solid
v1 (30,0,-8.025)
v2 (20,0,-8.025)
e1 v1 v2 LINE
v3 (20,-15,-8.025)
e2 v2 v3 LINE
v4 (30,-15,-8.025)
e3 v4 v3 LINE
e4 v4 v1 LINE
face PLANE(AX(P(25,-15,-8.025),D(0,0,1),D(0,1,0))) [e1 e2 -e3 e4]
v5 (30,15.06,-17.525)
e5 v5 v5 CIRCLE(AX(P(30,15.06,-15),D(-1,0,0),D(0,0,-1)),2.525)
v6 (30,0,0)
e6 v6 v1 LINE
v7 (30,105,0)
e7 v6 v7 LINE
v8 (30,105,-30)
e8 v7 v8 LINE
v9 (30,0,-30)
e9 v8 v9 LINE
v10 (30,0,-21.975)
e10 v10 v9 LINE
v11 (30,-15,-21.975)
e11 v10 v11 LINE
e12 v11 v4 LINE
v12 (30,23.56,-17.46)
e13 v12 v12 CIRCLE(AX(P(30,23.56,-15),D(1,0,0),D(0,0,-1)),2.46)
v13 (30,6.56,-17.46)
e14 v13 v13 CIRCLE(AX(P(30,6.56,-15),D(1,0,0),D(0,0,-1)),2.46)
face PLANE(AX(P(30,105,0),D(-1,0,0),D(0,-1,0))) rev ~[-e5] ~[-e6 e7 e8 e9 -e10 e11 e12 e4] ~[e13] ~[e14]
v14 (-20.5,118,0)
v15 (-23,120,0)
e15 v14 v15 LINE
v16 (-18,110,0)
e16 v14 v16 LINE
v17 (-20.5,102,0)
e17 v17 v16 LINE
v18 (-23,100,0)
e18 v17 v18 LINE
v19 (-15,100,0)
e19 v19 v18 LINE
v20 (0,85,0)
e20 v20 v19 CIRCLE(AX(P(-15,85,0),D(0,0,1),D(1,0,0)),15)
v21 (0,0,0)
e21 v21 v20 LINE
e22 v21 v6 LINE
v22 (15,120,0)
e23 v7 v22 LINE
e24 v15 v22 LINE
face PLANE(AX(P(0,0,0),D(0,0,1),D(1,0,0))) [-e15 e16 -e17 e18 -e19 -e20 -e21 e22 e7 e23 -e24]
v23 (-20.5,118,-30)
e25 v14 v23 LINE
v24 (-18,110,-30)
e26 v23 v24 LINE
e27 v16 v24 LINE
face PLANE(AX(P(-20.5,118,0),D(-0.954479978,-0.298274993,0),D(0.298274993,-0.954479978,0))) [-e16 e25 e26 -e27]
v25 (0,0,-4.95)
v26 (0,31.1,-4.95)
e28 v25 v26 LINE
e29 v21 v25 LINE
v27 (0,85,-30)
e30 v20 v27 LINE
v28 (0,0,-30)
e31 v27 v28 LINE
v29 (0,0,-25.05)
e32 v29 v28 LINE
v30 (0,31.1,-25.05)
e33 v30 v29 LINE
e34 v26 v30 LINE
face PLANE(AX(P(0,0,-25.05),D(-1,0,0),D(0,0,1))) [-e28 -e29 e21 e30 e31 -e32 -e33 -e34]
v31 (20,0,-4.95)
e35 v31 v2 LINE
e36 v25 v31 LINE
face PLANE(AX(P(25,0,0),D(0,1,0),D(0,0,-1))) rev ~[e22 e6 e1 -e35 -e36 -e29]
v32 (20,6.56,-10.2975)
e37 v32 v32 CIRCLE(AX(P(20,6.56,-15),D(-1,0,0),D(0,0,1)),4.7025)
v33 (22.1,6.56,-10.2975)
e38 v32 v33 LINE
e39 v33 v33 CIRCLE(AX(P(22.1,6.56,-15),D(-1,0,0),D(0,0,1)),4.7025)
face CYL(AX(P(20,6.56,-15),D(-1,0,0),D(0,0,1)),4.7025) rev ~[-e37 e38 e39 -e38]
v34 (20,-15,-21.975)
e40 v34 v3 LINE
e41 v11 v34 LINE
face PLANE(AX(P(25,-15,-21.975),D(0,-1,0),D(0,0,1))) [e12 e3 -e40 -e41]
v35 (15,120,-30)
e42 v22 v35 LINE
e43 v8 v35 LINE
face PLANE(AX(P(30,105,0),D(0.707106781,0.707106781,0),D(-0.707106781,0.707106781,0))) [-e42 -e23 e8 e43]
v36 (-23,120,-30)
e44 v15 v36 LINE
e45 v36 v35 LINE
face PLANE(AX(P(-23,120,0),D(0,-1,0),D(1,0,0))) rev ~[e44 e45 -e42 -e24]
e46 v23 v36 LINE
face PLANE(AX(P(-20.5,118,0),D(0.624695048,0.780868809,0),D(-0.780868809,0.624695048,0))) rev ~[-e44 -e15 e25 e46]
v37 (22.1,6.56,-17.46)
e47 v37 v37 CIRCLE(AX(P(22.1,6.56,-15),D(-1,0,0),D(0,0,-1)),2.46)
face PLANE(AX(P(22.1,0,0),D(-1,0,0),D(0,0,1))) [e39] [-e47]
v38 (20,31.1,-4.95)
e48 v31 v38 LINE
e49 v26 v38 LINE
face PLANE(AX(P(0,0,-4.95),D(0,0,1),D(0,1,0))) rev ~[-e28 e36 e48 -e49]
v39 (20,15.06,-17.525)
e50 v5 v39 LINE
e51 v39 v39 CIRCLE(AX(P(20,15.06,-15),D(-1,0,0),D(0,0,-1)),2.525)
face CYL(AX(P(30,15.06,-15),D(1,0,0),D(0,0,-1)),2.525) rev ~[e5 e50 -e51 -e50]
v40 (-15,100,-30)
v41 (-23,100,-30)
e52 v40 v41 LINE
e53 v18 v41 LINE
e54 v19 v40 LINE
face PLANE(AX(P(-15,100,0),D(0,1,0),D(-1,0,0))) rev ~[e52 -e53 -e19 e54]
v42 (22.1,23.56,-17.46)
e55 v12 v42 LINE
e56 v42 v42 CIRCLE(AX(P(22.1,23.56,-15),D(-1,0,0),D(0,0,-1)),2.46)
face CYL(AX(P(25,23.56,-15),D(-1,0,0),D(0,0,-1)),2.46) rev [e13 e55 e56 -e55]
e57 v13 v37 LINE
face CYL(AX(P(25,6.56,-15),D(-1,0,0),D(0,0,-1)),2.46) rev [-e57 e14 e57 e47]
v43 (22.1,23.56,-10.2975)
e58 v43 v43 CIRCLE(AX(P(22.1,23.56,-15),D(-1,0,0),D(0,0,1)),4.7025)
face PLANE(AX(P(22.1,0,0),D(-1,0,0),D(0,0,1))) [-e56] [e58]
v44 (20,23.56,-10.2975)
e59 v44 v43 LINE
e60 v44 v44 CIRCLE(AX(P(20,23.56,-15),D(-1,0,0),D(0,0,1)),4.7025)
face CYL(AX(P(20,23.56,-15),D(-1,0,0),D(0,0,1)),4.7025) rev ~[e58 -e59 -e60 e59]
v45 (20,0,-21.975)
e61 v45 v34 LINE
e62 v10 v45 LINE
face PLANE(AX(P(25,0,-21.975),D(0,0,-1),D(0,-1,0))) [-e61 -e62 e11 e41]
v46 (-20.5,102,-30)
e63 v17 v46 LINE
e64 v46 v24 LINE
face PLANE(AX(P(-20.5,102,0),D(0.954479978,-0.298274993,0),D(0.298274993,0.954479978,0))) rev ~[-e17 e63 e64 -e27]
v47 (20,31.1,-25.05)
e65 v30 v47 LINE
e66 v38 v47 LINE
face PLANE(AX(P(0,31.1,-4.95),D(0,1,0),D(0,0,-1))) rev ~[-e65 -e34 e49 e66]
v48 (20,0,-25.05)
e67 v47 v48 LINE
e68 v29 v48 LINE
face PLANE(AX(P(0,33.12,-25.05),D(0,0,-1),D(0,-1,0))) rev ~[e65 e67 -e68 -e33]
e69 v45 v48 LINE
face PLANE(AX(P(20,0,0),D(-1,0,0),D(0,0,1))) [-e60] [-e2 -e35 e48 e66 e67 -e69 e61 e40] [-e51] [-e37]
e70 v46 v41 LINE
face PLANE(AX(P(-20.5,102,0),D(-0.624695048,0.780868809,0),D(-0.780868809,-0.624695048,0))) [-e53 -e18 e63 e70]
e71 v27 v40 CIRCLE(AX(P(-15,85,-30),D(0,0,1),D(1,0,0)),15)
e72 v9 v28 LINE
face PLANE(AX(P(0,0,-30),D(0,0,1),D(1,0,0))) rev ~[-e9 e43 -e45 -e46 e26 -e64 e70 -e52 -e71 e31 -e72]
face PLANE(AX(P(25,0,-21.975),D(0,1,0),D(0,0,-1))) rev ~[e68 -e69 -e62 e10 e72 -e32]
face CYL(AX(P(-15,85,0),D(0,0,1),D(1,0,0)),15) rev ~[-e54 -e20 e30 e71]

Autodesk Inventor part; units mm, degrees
ref_plane "YZ Plane" through (0, 0, 0) normal (1, 0, 0) x (0, 1, 0)
ref_plane "XZ Plane" through (0, 0, 0) normal (0, 1, 0) x (-1, 0, 0)
ref_plane "XY Plane" through (0, 0, 0) normal (0, 0, 1) x (1, 0, 0)
sketch "Sketch1" plane through (0, 0, 0) normal (0, 0, 1) x (1, 0, 0)
  line L0 (0, 0) -> (25, 0)
  line L1 (25, 0) -> (25, 40)
  line L2 (25, 40) -> (0, 40)
  line L3 (0, 40) -> (0, 0)
  dimension "d1" = 25
  dimension "d2" = 40
  dimension "d3" = 25
extrude "Extrusion1" add sketch "Sketch1" against normal blind 30
sketch "Sketch2" plane through (25, 0, 0) normal (1, 0, 0) x (0, 0, -1)
  line L0 (0, 0) -> (30, 0) projected
  circle A0 centre (15, 6.56) radius 2.46
extrude "Extrusion2" cut sketch "Sketch2" against normal blind 30
sketch "Sketch3" plane through (0, 0, 0) normal (-1, 0, 0) x (0, 0, 1)
  line L0 (0, 0) -> (-30, 0) projected
  line L1 (-25.05, 0) -> (-4.95, 0)
  line L2 (-4.95, 0) -> (-4.95, 33.12)
  line L3 (-4.95, 33.12) -> (-25.05, 33.12)
  line L4 (-25.05, 33.12) -> (-25.05, 0)
  dimension "d11" = 20.1
extrude "Extrusion3" cut sketch "Sketch3" against normal blind 20
sketch "Sketch4" plane through (0, 0, 0) normal (0, -1, 0) x (1, 0, 0)
  line L0 (20, -4.95) -> (20, -25.05) projected
  line L1 (20, -15) -> (25, -15)
  line L2 (25, 0) -> (25, -30) projected
  line L3 (20, -8.025) -> (25, -8.025)
  line L4 (25, -8.025) -> (25, -21.975)
  line L5 (25, -21.975) -> (20, -21.975)
  line L6 (20, -21.975) -> (20, -8.025)
  line L7 (20, -8.025) -> (25, -21.975) construction
  line L8 (25, -8.025) -> (20, -21.975) construction
  line L9 (25, -12.54) -> (25, -17.46) projected
  point P0 (0, 0)
  point P1 (22.5, -15)
  dimension "d14" = 13.95
extrude "Extrusion4" add sketch "Sketch4" along normal blind 15
sketch "Sketch5" plane through (20, 0, 0) normal (-1, 0, 0) x (0, 0, 1)
  circle A0 centre (-15, 6.56) radius 2.46 projected
  circle A1 centre (-15, 6.56) radius 4.7025
  circle A2 centre (-15, 6.56) radius 2.46 projected
  circle A3 centre (-15, 6.56) radius 2.46
  point P0 (0, 0)
  dimension "d17" = 9.405
extrude "Extrusion5" cut sketch "Sketch5" against normal blind 2.1
sketch "Sketch6" plane through (25, 0, 0) normal (1, 0, 0) x (0, 0, -1)
  circle A0 centre (15, 6.56) radius 4.7025 projected
  line L0 (15, 6.56) -> (15, 23.56)
  circle A1 centre (15, 23.56) radius 2.46
  point P0 (0, 0)
  dimension "d20" = 17
  dimension "d21" = 4.92
extrude "Extrusion6" cut sketch "Sketch6" against normal blind 10 contours A1
sketch "Sketch7" plane through (20, 0, 0) normal (-1, 0, 0) x (0, 0, 1)
  circle A0 centre (-15, 23.56) radius 2.46 projected
  circle A1 centre (-15, 23.56) radius 4.7025
  point P0 (0, 0)
  dimension "d24" = 9.405
extrude "Extrusion7" cut sketch "Sketch7" against normal blind 2.1
sketch "Sketch9" plane through (25, 0, 0) normal (1, 0, 0) x (0, 0, -1)
  circle A0 centre (15, 6.56) radius 2.46 projected
  circle A1 centre (15, 6.56) radius 2.46
  circle A2 centre (15, 23.56) radius 2.46 projected
  circle A3 centre (15, 23.56) radius 2.46
  line L0 (30, 40) -> (30, 0) projected
  line L1 (30, 0) -> (30, 40)
  line L2 (30, 40) -> (0, 40)
  line L3 (0, 40) -> (0, 0)
  line L4 (0, 0) -> (8.025, 0) projected
  line L5 (21.975, 0) -> (21.975, -15)
  line L6 (21.975, -15) -> (8.025, -15)
  line L7 (8.025, -15) -> (8.025, 0)
  line L8 (0, 0) -> (8.025, 0)
  line L9 (21.975, 0) -> (30, 0)
extrude "Extrusion8" add sketch "Sketch9" along normal blind 5
sketch "Sketch10" plane through (0, 40, 0) normal (0, 1, 0) x (1, 0, 0)
  line L0 (0, 30) -> (30, 30) projected
  line L1 (30, 0) -> (0, 0) projected
  line L2 (0, 30) -> (30, 30)
  line L3 (30, 30) -> (30, 0)
  line L4 (30, 0) -> (0, 0)
  line L5 (0, 0) -> (0, 30)
extrude "Extrusion9" add sketch "Sketch10" along normal blind 30
sketch "Sketch12" plane through (30, 0, 0) normal (1, 0, 0) x (0, 0, -1)
  circle A0 centre (15, 6.56) radius 2.46 projected
  line L0 (15, 6.56) -> (15, 15.06)
  circle A1 centre (15, 15.06) radius 2.525
  point P0 (0, 0)
  dimension "d31" = 8.5
  dimension "d33" = 5.05
extrude "Extrusion10" cut sketch "Sketch12" against normal blind 30 contours A1
sketch "Sketch14" plane through (0, 0, 0) normal (0, 0, 1) x (1, 0, 0)
  line L0 (30, 70) -> (0, 70) projected
  line L1 (0, 70) -> (0, 85)
  line L2 (-15, 100) -> (-23, 100)
  line L3 (30, 0) -> (30, 70) projected
  line L4 (30, 100) -> (30, 70)
  arc A0 (0, 85) -> (-15, 100) centre (-15, 85) ccw
  line L5 (-23, 120) -> (15, 120)
  line L6 (-20.5, 118) -> (-18, 110)
  line L7 (-20.5, 118) -> (-23, 120)
  line L8 (-20.5, 102) -> (-18, 110)
  line L9 (-20.5, 102) -> (-23, 100)
  line L10 (30, 105) -> (15, 120)
  line L11 (30, 105) -> (30, 100)
  point P0 (0, 0)
  point P1 (0, 100)
  dimension "d47" = 30
  dimension "d54" = 15
  dimension "d60" = 20
extrude "Extrusion12" add sketch "Sketch14" against normal blind 30
sketch "Sketch15" plane through (0, 0, -25.05) normal (-1, 0, 0) x (0, 0, 1)
  line L0 (0, 33.12) -> (20.1, 33.12) projected
  line L1 (20.1, 33.12) -> (20.1, 0) projected
  line L2 (0, 33.12) -> (20.1, 33.12)
  line L3 (20.1, 33.12) -> (20.1, 31.1)
  line L4 (20.1, 31.1) -> (0, 31.1)
  line L5 (0, 31.1) -> (0, 33.12)
  point P0 (25.05, 0)
  dimension "d57" = 2.02
extrude "Extrusion13" add sketch "Sketch15" against normal blind 20
properties part number "16mm_x_30mm"
